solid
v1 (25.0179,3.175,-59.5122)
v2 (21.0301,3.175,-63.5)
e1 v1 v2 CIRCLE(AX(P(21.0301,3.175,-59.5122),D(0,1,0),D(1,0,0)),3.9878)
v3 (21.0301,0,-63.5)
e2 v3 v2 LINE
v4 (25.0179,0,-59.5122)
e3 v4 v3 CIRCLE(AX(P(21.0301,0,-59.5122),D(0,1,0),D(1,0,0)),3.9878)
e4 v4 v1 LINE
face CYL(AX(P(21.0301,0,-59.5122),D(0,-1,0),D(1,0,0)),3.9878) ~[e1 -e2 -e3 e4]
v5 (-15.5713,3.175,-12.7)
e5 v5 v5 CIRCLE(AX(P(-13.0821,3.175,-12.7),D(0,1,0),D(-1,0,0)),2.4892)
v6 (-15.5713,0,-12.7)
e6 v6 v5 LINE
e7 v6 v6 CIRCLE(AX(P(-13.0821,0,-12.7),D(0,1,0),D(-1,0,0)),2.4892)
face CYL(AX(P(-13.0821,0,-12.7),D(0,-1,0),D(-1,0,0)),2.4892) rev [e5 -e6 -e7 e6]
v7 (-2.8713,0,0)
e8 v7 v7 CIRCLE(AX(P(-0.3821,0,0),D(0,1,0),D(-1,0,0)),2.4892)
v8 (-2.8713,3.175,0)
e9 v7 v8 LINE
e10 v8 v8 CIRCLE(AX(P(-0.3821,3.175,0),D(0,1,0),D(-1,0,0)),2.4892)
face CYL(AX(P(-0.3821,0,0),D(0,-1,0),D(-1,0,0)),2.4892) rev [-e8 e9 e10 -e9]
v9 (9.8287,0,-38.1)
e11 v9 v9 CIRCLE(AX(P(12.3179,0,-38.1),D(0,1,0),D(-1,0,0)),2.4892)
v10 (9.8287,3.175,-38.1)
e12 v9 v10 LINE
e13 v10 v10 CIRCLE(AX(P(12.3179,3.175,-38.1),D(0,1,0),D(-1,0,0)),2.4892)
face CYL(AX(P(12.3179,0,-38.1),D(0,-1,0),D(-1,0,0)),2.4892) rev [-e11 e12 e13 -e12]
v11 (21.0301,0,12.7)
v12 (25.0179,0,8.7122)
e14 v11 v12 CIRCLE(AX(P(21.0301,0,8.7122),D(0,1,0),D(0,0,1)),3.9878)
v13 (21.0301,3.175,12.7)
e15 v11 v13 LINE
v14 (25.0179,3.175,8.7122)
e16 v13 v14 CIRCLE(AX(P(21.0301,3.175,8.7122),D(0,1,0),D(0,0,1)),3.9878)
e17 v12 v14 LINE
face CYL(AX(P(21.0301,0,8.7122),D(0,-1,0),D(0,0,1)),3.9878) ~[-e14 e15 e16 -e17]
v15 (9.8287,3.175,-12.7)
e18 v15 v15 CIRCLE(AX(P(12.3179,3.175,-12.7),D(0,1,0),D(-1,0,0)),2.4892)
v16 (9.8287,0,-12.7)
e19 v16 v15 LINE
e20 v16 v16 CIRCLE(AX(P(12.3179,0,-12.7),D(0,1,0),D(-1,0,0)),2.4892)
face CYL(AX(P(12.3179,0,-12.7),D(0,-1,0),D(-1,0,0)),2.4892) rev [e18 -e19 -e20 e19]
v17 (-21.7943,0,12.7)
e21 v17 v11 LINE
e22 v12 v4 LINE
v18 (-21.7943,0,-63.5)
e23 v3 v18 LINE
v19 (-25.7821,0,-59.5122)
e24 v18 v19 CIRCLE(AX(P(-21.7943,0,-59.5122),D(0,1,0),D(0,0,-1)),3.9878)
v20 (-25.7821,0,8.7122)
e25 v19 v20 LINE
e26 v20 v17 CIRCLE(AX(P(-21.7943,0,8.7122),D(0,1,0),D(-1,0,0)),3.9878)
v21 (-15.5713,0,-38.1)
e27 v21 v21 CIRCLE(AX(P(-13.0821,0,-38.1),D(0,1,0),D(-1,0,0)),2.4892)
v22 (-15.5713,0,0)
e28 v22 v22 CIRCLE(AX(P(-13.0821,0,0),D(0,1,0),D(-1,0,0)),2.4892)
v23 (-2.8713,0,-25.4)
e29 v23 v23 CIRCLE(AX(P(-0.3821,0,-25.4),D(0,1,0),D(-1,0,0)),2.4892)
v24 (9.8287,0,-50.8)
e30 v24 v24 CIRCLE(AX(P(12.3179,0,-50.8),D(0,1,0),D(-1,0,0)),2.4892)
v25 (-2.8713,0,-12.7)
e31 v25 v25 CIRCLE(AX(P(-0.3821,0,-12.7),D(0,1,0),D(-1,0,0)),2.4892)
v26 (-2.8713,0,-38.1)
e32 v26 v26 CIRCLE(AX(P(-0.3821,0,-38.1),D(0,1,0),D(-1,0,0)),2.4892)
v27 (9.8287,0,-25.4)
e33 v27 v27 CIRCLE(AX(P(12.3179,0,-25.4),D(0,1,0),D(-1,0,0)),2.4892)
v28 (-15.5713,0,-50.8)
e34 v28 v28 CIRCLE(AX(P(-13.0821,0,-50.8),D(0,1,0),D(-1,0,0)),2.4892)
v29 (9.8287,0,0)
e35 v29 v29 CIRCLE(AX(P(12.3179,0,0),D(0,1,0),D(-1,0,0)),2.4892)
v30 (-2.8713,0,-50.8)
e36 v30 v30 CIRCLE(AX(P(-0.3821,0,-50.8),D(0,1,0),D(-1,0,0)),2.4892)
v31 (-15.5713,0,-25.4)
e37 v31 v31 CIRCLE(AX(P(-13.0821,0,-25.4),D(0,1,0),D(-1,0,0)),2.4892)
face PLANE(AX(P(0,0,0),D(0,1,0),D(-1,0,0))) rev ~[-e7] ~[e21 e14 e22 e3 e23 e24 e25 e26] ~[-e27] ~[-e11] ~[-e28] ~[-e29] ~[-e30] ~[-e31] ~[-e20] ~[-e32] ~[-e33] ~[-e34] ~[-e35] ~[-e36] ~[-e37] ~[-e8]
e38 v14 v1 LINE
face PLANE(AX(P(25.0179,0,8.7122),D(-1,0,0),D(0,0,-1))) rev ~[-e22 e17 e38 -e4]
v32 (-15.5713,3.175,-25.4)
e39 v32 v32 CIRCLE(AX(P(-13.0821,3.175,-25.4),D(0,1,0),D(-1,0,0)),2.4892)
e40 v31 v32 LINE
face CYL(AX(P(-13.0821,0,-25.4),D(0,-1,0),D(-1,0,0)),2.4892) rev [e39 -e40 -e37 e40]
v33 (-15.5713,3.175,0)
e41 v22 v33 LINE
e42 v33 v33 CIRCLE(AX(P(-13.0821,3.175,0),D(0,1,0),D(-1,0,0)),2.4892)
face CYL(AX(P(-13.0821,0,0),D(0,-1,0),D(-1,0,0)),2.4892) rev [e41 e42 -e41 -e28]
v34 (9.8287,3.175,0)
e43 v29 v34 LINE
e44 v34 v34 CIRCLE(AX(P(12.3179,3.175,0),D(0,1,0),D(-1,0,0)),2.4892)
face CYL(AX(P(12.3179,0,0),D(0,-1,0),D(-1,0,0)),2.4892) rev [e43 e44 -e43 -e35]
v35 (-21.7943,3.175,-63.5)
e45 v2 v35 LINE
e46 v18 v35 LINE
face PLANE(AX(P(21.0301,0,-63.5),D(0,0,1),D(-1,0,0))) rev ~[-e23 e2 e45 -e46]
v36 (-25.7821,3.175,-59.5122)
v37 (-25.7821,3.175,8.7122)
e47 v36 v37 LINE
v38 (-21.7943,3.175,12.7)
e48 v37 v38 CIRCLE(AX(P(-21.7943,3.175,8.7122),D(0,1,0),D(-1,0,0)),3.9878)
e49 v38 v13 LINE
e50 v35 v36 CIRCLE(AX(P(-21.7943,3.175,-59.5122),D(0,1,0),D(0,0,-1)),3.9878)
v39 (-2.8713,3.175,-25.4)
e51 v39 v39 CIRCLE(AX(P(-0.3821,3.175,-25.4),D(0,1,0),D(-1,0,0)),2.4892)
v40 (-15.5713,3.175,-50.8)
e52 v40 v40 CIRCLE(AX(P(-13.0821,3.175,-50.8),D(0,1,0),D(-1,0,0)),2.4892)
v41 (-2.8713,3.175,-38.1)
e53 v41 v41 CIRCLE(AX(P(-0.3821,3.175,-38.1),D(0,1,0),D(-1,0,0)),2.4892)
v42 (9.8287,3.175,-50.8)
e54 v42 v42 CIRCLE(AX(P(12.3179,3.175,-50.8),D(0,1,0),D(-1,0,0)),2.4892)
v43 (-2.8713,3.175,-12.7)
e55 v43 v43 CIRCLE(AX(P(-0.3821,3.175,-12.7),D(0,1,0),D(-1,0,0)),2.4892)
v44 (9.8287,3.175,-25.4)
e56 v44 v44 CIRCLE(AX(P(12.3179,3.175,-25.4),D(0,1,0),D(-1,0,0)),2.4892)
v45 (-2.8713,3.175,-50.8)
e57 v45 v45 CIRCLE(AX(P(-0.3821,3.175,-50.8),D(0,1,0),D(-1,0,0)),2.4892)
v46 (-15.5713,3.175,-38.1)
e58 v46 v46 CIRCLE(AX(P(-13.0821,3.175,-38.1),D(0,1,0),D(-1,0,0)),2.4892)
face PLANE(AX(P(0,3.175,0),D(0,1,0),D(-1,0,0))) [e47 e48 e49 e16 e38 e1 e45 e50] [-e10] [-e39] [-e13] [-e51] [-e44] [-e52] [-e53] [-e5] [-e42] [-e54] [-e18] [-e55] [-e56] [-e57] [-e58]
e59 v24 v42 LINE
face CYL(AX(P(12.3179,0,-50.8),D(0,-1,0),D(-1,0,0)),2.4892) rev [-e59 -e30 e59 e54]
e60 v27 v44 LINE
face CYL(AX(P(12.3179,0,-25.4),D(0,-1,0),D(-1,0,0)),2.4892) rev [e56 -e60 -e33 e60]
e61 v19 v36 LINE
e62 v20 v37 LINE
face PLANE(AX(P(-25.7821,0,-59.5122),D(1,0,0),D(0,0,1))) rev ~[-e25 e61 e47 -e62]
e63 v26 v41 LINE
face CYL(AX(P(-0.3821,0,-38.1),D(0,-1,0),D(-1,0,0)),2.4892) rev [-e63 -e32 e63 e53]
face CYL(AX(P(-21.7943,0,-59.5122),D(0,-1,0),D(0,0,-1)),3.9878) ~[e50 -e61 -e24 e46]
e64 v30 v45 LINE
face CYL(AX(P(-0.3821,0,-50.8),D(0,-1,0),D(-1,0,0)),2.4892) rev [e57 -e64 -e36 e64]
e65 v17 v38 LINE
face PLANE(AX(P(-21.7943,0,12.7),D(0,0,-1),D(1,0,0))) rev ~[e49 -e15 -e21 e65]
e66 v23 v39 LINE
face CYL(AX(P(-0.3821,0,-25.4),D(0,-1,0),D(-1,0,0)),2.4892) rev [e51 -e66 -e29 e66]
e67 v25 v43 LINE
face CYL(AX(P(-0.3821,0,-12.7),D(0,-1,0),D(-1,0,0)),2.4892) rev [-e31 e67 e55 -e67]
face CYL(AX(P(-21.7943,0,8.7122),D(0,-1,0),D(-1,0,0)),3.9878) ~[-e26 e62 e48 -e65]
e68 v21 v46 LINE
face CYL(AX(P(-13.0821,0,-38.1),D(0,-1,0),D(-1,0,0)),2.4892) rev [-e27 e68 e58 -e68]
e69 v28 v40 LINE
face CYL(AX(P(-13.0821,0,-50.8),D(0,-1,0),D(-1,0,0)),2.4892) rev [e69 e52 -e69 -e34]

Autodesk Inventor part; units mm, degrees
ref_plane "YZ Plane" through (0, 0, 0) normal (1, 0, 0) x (0, 1, 0)
ref_plane "XZ Plane" through (0, 0, 0) normal (0, 1, 0) x (-1, 0, 0)
ref_plane "XY Plane" through (0, 0, 0) normal (0, 0, 1) x (1, 0, 0)
sketch "Sketch1" plane through (0, 0, 0) normal (0, 1, 0) x (-1, 0, 0)
  circle A0 centre (13.0821, 0) radius 2.4892
  circle A1 centre (0.3821, 0) radius 2.4892
  line L0 (0, 10.7252) -> (0, 9.1262) construction
  circle A2 centre (-12.3179, 0) radius 2.4892
  circle A3 centre (13.0821, -12.7) radius 2.4892
  circle A4 centre (0.3821, -12.7) radius 2.4892
  circle A5 centre (-12.3179, -12.7) radius 2.4892
  circle A6 centre (13.0821, -25.4) radius 2.4892
  circle A7 centre (0.3821, -25.4) radius 2.4892
  circle A8 centre (-12.3179, -25.4) radius 2.4892
  circle A9 centre (13.0821, -38.1) radius 2.4892
  circle A10 centre (0.3821, -38.1) radius 2.4892
  circle A11 centre (-12.3179, -38.1) radius 2.4892
  circle A12 centre (13.0821, -50.8) radius 2.4892
  circle A13 centre (0.3821, -50.8) radius 2.4892
  circle A14 centre (-12.3179, -50.8) radius 2.4892
  line L1 (21.7943, 12.7) -> (-21.0301, 12.7)
  line L2 (-25.0179, 8.7122) -> (-25.0179, -59.5122)
  line L3 (-21.0301, -63.5) -> (21.7943, -63.5)
  line L4 (25.7821, -59.5122) -> (25.7821, 8.7122)
  arc A15 (25.7821, 8.7122) -> (21.7943, 12.7) centre (21.7943, 8.7122) ccw
  arc A16 (-21.0301, 12.7) -> (-25.0179, 8.7122) centre (-21.0301, 8.7122) ccw
  arc A17 (-25.0179, -59.5122) -> (-21.0301, -63.5) centre (-21.0301, -59.5122) ccw
  arc A18 (21.7943, -63.5) -> (25.7821, -59.5122) centre (21.7943, -59.5122) ccw
  point P0 (0, 0)
  point P1 (-25.0179, -63.5)
  point P2 (-25.0179, 12.7)
  point P3 (25.7821, -63.5)
  dimension "d0" = 4.9784
  dimension "d1" = 4.9784
  dimension "d2" = 12.7
  dimension "d3" = 4.9784
  dimension "d4" = 12.7
  dimension "d7" = 12.7
  dimension "d14" = 50.8
  dimension "d15" = 76.2
  dimension "d16" = 3.9878
extrude "Extrusion1" add sketch "Sketch1" along normal blind 3.175
properties part number "3x5-Grid-Gusset"
